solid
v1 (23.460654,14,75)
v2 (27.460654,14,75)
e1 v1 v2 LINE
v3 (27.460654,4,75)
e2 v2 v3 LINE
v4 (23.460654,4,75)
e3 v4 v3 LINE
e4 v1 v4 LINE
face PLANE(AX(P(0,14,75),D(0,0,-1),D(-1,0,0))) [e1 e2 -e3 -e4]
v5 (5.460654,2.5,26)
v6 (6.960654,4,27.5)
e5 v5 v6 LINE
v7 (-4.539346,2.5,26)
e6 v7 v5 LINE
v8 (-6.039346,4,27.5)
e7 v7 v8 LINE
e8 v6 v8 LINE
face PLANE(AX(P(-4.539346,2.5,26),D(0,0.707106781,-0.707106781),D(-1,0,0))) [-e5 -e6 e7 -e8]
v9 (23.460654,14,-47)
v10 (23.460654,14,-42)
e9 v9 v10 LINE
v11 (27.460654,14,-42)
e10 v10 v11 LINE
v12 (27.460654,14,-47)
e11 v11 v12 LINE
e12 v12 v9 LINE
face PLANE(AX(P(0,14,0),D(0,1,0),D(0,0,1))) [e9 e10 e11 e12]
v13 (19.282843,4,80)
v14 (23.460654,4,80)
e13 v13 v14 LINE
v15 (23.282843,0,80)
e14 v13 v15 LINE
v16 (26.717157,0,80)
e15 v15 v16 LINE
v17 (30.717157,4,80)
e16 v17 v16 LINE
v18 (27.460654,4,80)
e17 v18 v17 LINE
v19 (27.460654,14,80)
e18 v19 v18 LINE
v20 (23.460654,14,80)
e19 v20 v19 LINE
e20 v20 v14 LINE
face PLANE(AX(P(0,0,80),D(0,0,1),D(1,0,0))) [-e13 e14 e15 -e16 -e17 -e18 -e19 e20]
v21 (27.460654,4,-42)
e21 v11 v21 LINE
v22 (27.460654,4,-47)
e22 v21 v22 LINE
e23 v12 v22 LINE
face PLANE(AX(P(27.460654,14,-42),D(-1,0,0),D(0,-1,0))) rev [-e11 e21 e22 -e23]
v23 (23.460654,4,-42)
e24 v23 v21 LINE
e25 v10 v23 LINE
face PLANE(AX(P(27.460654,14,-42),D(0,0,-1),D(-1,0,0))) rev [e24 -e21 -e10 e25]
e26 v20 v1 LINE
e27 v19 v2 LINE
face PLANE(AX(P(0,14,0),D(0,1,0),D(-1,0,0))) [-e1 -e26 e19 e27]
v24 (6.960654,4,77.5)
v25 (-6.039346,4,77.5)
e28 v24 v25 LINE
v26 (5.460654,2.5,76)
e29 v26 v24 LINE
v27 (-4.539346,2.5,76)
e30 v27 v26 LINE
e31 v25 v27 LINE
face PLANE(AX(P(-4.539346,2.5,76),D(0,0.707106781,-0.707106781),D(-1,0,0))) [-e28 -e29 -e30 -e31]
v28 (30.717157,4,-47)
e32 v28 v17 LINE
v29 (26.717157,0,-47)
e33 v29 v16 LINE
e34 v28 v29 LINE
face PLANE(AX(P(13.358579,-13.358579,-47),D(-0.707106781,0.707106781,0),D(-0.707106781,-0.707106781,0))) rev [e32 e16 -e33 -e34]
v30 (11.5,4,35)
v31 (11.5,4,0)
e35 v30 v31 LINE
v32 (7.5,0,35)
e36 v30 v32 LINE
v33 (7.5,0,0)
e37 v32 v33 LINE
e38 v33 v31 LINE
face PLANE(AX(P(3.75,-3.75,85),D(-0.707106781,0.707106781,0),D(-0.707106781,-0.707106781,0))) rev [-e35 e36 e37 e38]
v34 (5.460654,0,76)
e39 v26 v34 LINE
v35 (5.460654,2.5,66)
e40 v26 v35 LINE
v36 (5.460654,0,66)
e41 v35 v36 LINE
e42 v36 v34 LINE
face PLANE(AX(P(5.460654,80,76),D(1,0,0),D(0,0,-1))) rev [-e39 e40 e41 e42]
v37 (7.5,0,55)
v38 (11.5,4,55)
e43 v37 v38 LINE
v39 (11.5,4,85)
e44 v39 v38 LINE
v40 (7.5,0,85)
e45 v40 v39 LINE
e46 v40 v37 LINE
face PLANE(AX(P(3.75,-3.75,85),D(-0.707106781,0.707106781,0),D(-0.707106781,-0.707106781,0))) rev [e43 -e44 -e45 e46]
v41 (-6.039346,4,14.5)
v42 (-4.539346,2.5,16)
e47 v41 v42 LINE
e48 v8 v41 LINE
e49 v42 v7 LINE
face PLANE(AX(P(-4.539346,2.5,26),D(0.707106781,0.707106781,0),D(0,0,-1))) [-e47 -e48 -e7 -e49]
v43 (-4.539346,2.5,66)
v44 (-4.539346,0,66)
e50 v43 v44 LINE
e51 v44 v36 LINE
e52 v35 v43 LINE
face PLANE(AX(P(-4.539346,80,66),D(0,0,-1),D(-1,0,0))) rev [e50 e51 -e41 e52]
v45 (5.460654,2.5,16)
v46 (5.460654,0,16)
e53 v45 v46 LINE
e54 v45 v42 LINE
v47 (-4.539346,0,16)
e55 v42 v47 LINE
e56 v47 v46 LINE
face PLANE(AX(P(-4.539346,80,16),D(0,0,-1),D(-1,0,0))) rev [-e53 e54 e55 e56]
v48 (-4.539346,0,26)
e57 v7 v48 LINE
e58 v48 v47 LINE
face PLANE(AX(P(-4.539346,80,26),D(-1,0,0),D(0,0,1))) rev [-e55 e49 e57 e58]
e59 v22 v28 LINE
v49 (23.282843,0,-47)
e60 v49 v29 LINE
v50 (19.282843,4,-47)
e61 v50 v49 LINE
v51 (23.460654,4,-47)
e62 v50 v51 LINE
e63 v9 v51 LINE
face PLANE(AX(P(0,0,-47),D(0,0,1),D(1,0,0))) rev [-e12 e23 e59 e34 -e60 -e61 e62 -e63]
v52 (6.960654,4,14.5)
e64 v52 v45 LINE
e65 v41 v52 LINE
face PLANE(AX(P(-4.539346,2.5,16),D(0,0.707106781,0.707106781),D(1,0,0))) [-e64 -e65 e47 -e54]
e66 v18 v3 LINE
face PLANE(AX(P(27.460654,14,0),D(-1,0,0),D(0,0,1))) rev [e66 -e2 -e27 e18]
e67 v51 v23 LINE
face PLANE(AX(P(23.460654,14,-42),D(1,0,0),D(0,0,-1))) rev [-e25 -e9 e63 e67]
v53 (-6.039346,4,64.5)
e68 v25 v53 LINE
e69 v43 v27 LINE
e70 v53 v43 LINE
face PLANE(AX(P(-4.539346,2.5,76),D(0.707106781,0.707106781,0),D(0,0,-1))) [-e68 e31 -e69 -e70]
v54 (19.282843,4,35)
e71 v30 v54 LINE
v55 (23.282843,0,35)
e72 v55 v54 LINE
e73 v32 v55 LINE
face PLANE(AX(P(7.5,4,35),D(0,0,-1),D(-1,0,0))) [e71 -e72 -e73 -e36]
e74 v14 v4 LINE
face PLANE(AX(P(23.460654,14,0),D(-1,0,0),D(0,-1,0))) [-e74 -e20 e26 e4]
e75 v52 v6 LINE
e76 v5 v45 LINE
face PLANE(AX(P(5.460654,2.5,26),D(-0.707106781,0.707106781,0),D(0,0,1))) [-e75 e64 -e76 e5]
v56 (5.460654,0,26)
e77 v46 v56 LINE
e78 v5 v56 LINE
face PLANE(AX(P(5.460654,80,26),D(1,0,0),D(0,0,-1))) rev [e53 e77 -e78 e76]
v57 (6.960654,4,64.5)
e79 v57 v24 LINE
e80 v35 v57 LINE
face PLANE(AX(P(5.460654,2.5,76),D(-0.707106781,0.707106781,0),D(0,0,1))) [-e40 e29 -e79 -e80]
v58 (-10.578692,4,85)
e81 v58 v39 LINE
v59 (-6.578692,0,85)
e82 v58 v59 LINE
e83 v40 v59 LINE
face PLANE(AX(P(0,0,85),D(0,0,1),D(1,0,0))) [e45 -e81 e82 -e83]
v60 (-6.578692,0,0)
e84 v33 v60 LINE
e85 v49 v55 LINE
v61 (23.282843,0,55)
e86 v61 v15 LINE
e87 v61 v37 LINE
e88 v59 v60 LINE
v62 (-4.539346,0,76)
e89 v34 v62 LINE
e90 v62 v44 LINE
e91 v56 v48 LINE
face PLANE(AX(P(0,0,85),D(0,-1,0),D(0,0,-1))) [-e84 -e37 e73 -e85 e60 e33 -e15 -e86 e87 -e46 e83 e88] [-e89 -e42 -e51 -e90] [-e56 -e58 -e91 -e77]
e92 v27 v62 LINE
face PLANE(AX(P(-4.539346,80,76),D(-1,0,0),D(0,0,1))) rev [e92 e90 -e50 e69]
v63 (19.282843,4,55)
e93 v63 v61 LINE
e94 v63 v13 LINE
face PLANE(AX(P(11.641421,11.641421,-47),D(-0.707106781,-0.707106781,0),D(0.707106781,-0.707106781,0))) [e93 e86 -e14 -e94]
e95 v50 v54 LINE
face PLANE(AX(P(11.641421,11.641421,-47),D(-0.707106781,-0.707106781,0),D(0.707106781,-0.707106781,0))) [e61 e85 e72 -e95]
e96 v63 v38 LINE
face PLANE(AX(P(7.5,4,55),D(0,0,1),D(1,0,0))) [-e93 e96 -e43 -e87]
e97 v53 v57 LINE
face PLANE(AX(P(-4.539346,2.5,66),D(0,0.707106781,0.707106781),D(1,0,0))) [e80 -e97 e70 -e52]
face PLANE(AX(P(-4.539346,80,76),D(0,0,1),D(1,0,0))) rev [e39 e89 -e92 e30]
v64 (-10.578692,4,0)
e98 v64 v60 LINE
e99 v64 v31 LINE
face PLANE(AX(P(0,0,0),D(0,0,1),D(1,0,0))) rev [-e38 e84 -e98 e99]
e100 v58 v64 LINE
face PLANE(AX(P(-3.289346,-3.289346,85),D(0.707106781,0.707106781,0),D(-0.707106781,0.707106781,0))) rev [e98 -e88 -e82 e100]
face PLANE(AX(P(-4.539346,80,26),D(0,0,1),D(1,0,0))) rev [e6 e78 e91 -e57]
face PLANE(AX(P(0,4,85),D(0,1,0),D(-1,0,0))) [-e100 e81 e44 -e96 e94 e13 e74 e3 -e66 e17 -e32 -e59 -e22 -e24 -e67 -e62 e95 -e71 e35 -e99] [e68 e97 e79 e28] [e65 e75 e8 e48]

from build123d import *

# Parameters (mm, degrees)
DODANIE_WYCI_GNI_CIE1_DEPTH      = 85
SZKIC2_W                         = 10
SZKIC2_H                         = 10
WYTNIJ_WYCI_GNI_CIE1_DEPTH       = 80
DODANIE_WYCI_GNI_CIE3_DEPTH      = 80
DODANIE_WYCI_GNI_CIE3_DEPTH_BACK = 47
SZKIC4_W                         = 15.782842712
SZKIC4_H                         = 20
DODANIE_WYCI_GNI_CIE4_DEPTH      = 4
SZKIC5_W                         = 4
SZKIC5_H                         = 5
DODANIE_WYCI_GNI_CIE5_DEPTH      = 10
SZKIC6_W                         = 4
SZKIC6_H                         = 5
DODANIE_WYCI_GNI_CIE6_DEPTH      = 10
SFAZOWANIE1_SIZE                 = 1.5


with BuildPart() as part:
    # Szkic1 → Dodanie-wyciągnięcie1 (new body)
    with BuildSketch(Plane.XY):
        Polygon((7.5, 0), (11.5, 4), (-10.578691808, 4), (-6.578691808, 0), align=None)
    extrude(amount=DODANIE_WYCI_GNI_CIE1_DEPTH)

    # Szkic2 → Wytnij-wyciągnięcie1 (cut)
    with BuildSketch(Plane.XZ):
        with Locations((0.460654096, 21)):
            Rectangle(SZKIC2_W, SZKIC2_H)
        with Locations((0.460654096, 71)):
            Rectangle(SZKIC2_W, SZKIC2_H)
    extrude(amount=-WYTNIJ_WYCI_GNI_CIE1_DEPTH, mode=Mode.SUBTRACT)



with BuildPart() as body_2:
    # Szkic1<4> → Dodanie-wyciągnięcie3 (new, two sides: drawn at the far end of the back side and taken through both)
    with BuildSketch(Plane.XY.offset(-DODANIE_WYCI_GNI_CIE3_DEPTH_BACK)):
        Polygon((19.282842712, 4), (23.282842712, 0), (26.717157288, 0), (30.717157288, 4), align=None)
    extrude(amount=DODANIE_WYCI_GNI_CIE3_DEPTH + DODANIE_WYCI_GNI_CIE3_DEPTH_BACK)


with BuildPart() as part_1:
    add(part.part)

    add(body_2.part)  # Dodanie-wyciągnięcie4 merges body 2
    # Szkic4 → Dodanie-wyciągnięcie4 (add)
    with BuildSketch(Plane.XZ):
        with Locations((15.391421356, 45)):
            Rectangle(SZKIC4_W, SZKIC4_H)
    extrude(amount=-DODANIE_WYCI_GNI_CIE4_DEPTH)

    # Szkic5 → Dodanie-wyciągnięcie5 (add)
    with BuildSketch(Plane(origin=(0, 4, 0), x_dir=(1, 0, 0), z_dir=(0, 1, 0))):
        with Locations((25.460654096, -77.5)):
            Rectangle(SZKIC5_W, SZKIC5_H)
    extrude(amount=DODANIE_WYCI_GNI_CIE5_DEPTH)

    # Szkic6 → Dodanie-wyciągnięcie6 (add)
    with BuildSketch(Plane(origin=(0, 4, 0), x_dir=(1, 0, 0), z_dir=(0, 1, 0))):
        with Locations((25.460654096, 44.5)):
            Rectangle(SZKIC6_W, SZKIC6_H)
    extrude(amount=DODANIE_WYCI_GNI_CIE6_DEPTH)

    # Sfazowanie1
    sfazowanie1_edges = [part_1.edges().sort_by_distance(p)[0] for p in [
        (0.460654096, 4, 76),
        (-4.539345904, 4, 71),
        (0.460654096, 4, 66),
        (5.460654096, 4, 71),
        (0.460654096, 4, 26),
        (-4.539345904, 4, 21),
        (0.460654096, 4, 16),
        (5.460654096, 4, 21),
    ]]
    chamfer(sfazowanie1_edges, length=SFAZOWANIE1_SIZE)


solid = part_1.part
